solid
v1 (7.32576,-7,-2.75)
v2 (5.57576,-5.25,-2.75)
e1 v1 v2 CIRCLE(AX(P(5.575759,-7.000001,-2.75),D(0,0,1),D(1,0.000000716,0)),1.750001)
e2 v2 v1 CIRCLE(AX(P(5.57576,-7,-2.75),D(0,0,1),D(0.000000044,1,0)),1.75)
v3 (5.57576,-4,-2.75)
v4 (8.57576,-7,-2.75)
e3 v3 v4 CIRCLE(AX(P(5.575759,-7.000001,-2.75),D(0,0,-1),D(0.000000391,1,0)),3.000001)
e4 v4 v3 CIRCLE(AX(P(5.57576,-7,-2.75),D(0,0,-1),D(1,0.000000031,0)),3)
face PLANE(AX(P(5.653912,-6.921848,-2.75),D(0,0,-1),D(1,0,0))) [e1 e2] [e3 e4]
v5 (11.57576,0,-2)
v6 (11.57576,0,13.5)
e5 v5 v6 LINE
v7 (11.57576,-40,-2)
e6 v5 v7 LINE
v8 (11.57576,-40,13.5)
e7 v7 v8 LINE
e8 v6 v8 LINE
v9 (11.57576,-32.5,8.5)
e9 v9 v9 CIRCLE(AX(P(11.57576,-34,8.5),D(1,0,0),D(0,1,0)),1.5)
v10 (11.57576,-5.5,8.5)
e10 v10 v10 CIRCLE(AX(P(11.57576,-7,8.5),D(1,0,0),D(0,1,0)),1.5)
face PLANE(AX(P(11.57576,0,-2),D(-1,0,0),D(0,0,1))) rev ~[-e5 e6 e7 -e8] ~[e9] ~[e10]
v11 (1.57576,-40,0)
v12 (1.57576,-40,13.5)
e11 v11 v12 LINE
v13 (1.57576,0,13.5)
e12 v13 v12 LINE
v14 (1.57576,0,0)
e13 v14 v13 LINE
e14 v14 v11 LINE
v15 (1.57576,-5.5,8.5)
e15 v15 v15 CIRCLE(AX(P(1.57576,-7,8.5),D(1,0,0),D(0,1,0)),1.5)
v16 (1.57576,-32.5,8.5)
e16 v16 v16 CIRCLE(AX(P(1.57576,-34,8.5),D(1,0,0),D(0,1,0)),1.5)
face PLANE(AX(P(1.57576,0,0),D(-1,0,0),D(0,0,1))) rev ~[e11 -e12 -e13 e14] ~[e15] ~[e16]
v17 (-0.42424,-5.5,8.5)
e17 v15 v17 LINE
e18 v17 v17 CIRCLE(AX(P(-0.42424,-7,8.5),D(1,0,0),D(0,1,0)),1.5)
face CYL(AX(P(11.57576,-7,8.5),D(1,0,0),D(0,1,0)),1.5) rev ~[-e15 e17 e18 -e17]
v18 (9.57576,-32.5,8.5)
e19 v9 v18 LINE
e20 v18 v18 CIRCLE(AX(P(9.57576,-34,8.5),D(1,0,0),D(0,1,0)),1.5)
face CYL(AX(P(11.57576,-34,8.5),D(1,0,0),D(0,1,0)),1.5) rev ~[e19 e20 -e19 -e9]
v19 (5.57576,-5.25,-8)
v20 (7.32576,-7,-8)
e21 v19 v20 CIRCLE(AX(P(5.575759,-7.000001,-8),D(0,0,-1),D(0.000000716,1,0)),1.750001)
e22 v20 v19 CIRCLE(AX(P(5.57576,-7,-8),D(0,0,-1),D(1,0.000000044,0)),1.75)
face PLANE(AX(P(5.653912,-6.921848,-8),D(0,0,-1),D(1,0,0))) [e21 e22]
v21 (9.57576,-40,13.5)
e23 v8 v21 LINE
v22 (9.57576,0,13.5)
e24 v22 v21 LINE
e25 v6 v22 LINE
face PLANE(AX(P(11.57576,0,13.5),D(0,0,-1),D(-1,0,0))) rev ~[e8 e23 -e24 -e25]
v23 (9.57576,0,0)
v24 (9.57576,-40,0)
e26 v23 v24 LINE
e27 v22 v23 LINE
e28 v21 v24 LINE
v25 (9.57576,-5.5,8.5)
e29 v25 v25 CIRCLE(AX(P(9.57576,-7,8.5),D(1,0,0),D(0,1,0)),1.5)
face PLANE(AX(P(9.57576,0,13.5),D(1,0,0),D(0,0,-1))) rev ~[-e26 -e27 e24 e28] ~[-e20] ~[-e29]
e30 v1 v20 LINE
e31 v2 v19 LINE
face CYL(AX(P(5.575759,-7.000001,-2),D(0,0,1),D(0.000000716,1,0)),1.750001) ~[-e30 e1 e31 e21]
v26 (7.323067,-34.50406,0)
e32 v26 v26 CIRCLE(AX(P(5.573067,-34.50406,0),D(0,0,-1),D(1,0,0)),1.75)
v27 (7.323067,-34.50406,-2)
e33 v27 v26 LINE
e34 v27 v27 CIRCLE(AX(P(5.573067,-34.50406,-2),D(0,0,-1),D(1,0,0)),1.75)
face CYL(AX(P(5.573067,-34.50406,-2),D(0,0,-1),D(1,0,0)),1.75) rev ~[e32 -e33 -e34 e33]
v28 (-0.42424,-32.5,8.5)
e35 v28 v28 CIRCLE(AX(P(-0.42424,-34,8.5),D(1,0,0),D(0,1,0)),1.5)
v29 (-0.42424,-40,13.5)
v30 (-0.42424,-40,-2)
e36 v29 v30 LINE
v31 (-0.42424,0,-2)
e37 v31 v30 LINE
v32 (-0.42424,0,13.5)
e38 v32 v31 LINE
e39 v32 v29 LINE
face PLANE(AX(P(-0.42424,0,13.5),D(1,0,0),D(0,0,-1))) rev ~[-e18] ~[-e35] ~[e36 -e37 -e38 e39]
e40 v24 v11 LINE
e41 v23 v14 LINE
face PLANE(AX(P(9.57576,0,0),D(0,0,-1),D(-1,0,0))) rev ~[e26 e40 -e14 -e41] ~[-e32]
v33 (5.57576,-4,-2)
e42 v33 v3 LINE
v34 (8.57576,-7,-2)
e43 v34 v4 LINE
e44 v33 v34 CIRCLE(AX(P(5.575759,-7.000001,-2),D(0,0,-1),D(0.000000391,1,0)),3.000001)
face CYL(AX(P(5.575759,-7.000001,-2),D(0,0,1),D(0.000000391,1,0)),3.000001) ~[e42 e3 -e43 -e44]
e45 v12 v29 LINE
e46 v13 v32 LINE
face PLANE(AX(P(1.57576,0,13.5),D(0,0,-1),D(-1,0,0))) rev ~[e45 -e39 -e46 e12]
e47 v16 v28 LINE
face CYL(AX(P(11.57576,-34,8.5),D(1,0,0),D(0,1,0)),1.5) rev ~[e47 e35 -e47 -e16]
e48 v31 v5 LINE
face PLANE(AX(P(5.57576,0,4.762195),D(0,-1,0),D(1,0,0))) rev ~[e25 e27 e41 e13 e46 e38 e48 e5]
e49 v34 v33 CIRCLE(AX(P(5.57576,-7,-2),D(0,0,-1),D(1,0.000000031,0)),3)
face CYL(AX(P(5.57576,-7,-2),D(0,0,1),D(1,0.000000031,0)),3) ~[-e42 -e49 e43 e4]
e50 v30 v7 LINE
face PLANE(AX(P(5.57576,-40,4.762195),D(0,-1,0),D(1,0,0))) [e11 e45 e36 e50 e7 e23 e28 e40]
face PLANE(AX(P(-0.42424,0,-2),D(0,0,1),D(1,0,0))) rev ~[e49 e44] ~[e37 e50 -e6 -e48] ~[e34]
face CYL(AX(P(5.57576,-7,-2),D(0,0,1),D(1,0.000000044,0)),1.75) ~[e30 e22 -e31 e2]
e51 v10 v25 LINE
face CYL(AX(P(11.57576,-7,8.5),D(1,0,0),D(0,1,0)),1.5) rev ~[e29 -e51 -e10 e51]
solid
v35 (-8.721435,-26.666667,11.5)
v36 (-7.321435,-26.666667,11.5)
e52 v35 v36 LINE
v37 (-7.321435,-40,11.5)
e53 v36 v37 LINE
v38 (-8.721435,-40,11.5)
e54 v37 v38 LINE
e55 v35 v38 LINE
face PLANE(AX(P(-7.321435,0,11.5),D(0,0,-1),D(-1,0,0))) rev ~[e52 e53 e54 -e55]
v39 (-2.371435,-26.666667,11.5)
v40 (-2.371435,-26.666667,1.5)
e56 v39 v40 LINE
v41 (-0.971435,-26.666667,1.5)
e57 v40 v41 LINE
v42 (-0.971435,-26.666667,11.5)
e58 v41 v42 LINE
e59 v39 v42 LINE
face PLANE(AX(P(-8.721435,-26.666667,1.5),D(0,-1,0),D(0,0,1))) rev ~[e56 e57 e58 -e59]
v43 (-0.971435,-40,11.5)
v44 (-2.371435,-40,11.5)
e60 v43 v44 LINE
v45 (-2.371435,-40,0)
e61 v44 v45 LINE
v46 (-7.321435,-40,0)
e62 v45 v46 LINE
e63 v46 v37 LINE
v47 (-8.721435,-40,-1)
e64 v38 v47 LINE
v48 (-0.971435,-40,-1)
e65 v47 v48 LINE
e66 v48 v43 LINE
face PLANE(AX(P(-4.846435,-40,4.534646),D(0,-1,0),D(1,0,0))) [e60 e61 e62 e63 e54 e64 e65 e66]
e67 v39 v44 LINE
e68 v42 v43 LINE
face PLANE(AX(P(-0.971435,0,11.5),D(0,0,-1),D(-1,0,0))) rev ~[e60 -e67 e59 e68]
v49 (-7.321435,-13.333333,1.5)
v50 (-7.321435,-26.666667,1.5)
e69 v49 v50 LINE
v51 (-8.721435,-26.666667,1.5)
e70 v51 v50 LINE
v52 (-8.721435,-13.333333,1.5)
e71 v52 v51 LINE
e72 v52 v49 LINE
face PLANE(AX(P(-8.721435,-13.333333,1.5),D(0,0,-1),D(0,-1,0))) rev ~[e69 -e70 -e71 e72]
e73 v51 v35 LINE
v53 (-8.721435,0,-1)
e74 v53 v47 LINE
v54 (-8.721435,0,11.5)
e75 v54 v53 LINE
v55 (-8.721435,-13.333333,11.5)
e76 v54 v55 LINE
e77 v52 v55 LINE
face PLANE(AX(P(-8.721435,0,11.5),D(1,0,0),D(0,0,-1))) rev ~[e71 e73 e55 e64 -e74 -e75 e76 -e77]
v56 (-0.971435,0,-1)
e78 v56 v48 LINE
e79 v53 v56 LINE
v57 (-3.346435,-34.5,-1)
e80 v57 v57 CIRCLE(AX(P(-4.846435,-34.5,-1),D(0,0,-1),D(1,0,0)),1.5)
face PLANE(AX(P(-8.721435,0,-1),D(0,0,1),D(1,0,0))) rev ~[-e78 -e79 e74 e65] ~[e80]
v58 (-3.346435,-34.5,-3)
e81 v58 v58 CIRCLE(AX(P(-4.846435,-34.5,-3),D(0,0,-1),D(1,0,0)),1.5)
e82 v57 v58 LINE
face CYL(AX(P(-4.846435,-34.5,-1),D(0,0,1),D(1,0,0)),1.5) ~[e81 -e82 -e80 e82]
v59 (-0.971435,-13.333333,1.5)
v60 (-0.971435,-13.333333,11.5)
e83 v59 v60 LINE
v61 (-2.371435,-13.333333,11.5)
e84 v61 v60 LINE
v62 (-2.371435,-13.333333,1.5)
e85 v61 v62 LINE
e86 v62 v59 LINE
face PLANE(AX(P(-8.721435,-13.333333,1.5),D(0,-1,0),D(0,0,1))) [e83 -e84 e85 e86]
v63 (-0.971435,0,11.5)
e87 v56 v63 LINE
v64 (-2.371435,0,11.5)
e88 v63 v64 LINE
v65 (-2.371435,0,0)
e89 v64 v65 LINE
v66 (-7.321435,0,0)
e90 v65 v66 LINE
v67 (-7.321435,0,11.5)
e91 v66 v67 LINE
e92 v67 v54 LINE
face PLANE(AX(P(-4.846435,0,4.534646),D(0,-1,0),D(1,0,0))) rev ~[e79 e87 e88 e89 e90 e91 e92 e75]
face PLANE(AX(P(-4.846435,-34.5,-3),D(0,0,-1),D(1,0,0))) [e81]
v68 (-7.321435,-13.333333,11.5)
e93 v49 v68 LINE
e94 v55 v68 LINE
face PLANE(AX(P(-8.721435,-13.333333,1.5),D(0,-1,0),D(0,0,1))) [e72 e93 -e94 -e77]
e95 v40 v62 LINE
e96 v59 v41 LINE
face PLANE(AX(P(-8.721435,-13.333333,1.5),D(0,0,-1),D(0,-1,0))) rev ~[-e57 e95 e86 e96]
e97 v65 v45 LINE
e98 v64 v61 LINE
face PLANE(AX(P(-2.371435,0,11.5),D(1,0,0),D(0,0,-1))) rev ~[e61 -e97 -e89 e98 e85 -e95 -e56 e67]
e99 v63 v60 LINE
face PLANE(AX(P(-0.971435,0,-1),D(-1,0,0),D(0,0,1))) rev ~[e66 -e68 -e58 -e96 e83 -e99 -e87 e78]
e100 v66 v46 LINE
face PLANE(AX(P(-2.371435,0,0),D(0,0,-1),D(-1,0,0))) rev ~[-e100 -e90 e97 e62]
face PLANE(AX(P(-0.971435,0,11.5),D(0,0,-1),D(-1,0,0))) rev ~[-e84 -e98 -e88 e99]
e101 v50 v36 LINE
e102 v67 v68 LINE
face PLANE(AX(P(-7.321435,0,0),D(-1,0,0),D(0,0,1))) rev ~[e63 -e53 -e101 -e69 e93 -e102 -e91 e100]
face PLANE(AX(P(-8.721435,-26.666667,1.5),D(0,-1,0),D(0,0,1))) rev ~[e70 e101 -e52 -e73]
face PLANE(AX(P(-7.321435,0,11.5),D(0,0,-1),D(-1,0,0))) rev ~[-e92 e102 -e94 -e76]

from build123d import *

# Parameters (mm, degrees)
F2_DEPTH  = 40
F3_DEPTH  = 40
F4_W      = 13.333334
F4_H      = 10
F5_DEPTH  = 8
F6_R      = 1.5
F7_DEPTH  = 2
F9_DEPTH  = 0.75
F10_DEPTH = 6
F11_R     = 1.5
F12_DEPTH = 12
F13_R     = 1.75
F14_DEPTH = 2


with BuildPart() as f2:
    # F0 (on Front) → F2 (new body)
    with BuildSketch(Plane.XZ):
        Polygon((1.57576, 0), (1.57576, 13.5), (-0.42424, 13.5), (-0.42424, -2), (11.57576, -2), (11.57576, 13.5), (9.57576, 13.5), (9.57576, 0), align=None)
    extrude(amount=F2_DEPTH)

    # F8 (on face) → F9 (join)
    with BuildSketch(Plane(origin=(0, 0, -2), x_dir=(1, 0, 0), z_dir=(0, 0, -1))):
        with BuildLine():
            ThreePointArc((7.32576, 7), (4.338323, 8.237437), (5.57576, 5.25))
            ThreePointArc((5.57576, 5.25), (6.813196, 5.762563), (7.32576, 7))
        make_face()
        with BuildLine():
            ThreePointArc((8.57576, 7), (3.454439, 9.12132), (5.57576, 4))
            ThreePointArc((5.57576, 4), (7.69708, 4.87868), (8.57576, 7))
        make_face()
        with BuildLine():
            ThreePointArc((7.32576, 7), (6.813196, 5.762563), (5.57576, 5.25))
            ThreePointArc((5.57576, 5.25), (4.338323, 8.237437), (7.32576, 7))
        make_face(mode=Mode.SUBTRACT)
    extrude(amount=F9_DEPTH)

    # F8 (on face) → F10 (join)
    with BuildSketch(Plane(origin=(0, 0, -2), x_dir=(1, 0, 0), z_dir=(0, 0, -1))):
        with BuildLine():
            ThreePointArc((7.32576, 7), (4.338323, 8.237437), (5.57576, 5.25))
            ThreePointArc((5.57576, 5.25), (6.813196, 5.762563), (7.32576, 7))
        make_face()
    extrude(amount=F10_DEPTH)

    # F11 (on face) → F12 (cut)
    with BuildSketch(Plane.YZ.offset(11.57576)):
        with Locations((-34, 8.5)):
            Circle(F11_R)
        with Locations((-7, 8.5)):
            Circle(F11_R)
    extrude(amount=-F12_DEPTH, mode=Mode.SUBTRACT)

    # F13 (on face) → F14 (cut)
    with BuildSketch(Plane(origin=(0, 0, -2), x_dir=(1, 0, 0), z_dir=(0, 0, -1))):
        with Locations((5.573067, 34.50406)):
            Circle(F13_R)
    extrude(amount=-F14_DEPTH, mode=Mode.SUBTRACT)


with BuildPart() as f3:
    # F1 (on Front) → F3 (new body)
    with BuildSketch(Plane.XZ):
        Polygon((-2.371435, 0), (-7.321435, 0), (-7.321435, 11.5), (-8.721435, 11.5), (-8.721435, -1), (-0.971435, -1), (-0.971435, 11.5), (-2.371435, 11.5), align=None)
    extrude(amount=F3_DEPTH)

    # F4 (on face) → F5 (cut)
    with BuildSketch(Plane(origin=(-8.721435, 0, 0), x_dir=(0, -1, 0), z_dir=(-1, 0, 0))):
        with Locations((20, 6.5)):
            Rectangle(F4_W, F4_H)
    extrude(amount=-F5_DEPTH, mode=Mode.SUBTRACT)

    # F6 (on face) → F7 (join)
    with BuildSketch(Plane(origin=(0, 0, -1), x_dir=(1, 0, 0), z_dir=(0, 0, -1))):
        with Locations((-4.846435, 34.5)):
            Circle(F6_R)
    extrude(amount=F7_DEPTH)


solid = Compound([f2.part, f3.part])
